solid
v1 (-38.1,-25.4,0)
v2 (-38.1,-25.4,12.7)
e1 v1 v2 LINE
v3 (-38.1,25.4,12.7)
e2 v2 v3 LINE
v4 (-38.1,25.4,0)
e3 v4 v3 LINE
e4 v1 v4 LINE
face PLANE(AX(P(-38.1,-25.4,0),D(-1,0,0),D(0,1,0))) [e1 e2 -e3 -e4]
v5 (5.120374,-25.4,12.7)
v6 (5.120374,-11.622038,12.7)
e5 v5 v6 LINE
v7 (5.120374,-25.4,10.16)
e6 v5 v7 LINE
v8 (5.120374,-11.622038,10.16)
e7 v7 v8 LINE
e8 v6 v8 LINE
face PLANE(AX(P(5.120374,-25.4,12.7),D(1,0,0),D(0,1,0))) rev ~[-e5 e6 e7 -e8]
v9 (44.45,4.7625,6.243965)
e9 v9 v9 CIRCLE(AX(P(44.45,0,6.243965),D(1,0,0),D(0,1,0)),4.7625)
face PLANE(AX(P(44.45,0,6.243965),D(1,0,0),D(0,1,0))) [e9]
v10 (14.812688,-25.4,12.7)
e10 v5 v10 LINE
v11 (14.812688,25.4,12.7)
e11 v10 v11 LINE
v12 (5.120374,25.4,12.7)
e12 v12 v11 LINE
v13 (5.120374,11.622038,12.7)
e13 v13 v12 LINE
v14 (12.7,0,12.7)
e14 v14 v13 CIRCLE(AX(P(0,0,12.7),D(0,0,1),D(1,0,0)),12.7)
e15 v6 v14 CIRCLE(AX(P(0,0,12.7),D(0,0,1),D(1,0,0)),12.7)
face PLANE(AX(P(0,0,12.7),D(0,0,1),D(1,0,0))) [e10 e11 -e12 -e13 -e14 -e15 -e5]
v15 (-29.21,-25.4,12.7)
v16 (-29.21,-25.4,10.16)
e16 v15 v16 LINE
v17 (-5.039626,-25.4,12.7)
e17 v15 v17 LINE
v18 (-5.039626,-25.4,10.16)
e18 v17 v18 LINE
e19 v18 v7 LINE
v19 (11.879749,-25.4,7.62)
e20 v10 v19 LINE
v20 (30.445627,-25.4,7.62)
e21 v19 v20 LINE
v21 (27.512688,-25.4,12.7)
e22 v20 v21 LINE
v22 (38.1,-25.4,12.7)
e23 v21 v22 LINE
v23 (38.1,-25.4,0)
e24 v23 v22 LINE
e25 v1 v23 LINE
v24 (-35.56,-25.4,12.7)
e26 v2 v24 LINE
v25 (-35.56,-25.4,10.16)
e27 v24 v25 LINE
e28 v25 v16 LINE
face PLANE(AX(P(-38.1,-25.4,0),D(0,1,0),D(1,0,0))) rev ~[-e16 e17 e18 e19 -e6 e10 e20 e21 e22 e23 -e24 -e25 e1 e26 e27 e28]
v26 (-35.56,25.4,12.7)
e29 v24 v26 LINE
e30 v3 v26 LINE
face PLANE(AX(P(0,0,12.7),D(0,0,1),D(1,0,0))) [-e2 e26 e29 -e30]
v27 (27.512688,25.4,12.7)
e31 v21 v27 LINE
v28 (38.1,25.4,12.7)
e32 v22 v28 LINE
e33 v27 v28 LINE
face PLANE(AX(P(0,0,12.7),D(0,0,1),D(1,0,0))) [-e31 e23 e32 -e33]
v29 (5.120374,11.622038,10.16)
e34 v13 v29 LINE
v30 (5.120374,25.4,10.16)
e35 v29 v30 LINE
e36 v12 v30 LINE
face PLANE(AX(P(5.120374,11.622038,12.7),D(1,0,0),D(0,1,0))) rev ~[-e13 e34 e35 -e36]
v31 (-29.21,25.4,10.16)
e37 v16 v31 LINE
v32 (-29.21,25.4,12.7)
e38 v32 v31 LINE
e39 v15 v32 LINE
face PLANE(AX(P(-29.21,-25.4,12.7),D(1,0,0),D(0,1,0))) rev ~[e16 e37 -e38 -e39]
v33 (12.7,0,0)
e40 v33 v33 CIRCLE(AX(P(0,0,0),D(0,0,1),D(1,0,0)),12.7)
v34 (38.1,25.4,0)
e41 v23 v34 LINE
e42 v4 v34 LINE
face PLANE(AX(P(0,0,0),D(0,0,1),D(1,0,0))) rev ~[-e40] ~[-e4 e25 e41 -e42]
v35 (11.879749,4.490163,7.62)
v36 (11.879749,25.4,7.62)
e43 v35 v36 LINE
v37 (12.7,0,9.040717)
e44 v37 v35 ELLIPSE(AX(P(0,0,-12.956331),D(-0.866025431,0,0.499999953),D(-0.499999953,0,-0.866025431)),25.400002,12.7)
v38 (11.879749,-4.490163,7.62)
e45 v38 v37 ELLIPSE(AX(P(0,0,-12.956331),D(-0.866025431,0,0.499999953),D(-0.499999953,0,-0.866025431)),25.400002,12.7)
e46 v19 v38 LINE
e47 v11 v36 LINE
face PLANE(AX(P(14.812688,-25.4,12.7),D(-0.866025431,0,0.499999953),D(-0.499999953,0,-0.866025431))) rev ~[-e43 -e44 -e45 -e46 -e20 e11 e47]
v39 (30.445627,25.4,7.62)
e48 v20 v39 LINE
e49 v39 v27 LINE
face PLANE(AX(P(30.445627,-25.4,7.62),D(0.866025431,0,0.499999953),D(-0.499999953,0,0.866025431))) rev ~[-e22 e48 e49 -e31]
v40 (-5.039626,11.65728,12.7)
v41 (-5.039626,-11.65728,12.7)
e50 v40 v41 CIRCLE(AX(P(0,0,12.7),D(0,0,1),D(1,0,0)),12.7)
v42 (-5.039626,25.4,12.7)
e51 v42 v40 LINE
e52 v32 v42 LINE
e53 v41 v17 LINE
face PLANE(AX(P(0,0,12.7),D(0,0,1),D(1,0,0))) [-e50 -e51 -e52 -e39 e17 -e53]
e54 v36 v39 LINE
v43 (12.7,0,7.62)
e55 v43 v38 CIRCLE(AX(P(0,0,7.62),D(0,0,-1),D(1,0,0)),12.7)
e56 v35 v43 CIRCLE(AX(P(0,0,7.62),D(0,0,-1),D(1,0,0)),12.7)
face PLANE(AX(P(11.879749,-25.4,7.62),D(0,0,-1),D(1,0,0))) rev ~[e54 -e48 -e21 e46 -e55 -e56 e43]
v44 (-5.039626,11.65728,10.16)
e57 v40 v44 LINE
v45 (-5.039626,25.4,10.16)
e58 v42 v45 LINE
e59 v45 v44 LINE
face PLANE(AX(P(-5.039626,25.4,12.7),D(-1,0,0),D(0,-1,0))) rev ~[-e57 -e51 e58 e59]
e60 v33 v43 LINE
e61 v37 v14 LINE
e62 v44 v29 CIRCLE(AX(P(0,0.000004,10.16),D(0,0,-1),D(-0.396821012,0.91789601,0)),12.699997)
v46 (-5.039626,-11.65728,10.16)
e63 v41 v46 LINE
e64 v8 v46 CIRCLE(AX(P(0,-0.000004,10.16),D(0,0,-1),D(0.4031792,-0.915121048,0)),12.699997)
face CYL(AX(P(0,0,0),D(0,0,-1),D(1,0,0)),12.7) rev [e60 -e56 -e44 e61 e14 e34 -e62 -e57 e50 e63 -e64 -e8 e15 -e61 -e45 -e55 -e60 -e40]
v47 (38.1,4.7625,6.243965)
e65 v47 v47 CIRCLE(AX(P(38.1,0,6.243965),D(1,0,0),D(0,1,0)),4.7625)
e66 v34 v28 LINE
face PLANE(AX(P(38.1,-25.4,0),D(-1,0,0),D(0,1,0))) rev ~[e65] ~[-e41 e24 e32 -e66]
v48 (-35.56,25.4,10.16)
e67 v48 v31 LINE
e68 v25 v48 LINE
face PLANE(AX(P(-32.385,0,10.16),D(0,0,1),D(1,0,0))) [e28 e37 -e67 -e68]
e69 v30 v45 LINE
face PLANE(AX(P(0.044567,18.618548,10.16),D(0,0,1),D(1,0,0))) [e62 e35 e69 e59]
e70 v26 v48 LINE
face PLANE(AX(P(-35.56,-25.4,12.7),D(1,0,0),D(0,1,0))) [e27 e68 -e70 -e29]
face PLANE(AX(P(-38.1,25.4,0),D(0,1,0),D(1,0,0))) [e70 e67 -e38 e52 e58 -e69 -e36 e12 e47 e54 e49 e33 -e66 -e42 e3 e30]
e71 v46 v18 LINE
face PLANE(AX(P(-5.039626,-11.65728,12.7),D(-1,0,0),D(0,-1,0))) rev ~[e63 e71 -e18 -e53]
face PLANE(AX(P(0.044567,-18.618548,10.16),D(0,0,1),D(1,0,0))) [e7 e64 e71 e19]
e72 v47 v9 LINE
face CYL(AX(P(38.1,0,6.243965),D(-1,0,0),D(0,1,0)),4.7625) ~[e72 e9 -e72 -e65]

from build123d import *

# Parameters (mm, degrees)
F0_W     = 76.2
F0_H     = 50.8
F0_R     = 12.7
F1_DEPTH = 12.7
F2_W     = 6.35
F2_H     = 50.8
F3_DEPTH = 2.54
F5_DEPTH = 50.8
F6_R     = 4.7625
F7_DEPTH = 6.35


with BuildPart() as f1:
    # F0 (on Top) → F1 (new body)
    with BuildSketch(Plane.XY):
        Rectangle(F0_W, F0_H)
        Circle(F0_R, mode=Mode.SUBTRACT)
    extrude(amount=F1_DEPTH)

    # F2 (on face) → F3 (cut)
    with BuildSketch(Plane.XY.offset(12.7)):
        with Locations((-32.385, 0)):
            Rectangle(F2_W, F2_H)
        with BuildLine():
            Line((-5.039626, -11.65728), (-5.039626, -25.4))
            Line((-5.039626, -25.4), (5.120374, -25.4))
            Line((5.120374, -25.4), (5.120374, -11.622038))
            ThreePointArc((5.120374, -11.622038), (0.044052, -12.699924), (-5.039626, -11.65728))
        make_face()
        with BuildLine():
            Line((5.120374, 25.4), (-5.039626, 25.4))
            Line((-5.039626, 25.4), (-5.039626, 11.65728))
            ThreePointArc((-5.039626, 11.65728), (0.044052, 12.699924), (5.120374, 11.622038))
            Line((5.120374, 11.622038), (5.120374, 25.4))
        make_face()
    extrude(amount=-F3_DEPTH, mode=Mode.SUBTRACT)

    # F4 (on face) → F5 (cut, through all)
    with BuildSketch(Plane.XZ.offset(25.4)):
        Polygon((27.512688, 12.7), (14.812688, 12.7), (11.879749, 7.62), (30.445627, 7.62), align=None)
    extrude(amount=-F5_DEPTH, mode=Mode.SUBTRACT)

    # F6 (on face) → F7 (join)
    with BuildSketch(Plane.YZ.offset(38.1)):
        with Locations((0, 6.243965)):
            Circle(F6_R)
    extrude(amount=F7_DEPTH)


solid = f1.part
